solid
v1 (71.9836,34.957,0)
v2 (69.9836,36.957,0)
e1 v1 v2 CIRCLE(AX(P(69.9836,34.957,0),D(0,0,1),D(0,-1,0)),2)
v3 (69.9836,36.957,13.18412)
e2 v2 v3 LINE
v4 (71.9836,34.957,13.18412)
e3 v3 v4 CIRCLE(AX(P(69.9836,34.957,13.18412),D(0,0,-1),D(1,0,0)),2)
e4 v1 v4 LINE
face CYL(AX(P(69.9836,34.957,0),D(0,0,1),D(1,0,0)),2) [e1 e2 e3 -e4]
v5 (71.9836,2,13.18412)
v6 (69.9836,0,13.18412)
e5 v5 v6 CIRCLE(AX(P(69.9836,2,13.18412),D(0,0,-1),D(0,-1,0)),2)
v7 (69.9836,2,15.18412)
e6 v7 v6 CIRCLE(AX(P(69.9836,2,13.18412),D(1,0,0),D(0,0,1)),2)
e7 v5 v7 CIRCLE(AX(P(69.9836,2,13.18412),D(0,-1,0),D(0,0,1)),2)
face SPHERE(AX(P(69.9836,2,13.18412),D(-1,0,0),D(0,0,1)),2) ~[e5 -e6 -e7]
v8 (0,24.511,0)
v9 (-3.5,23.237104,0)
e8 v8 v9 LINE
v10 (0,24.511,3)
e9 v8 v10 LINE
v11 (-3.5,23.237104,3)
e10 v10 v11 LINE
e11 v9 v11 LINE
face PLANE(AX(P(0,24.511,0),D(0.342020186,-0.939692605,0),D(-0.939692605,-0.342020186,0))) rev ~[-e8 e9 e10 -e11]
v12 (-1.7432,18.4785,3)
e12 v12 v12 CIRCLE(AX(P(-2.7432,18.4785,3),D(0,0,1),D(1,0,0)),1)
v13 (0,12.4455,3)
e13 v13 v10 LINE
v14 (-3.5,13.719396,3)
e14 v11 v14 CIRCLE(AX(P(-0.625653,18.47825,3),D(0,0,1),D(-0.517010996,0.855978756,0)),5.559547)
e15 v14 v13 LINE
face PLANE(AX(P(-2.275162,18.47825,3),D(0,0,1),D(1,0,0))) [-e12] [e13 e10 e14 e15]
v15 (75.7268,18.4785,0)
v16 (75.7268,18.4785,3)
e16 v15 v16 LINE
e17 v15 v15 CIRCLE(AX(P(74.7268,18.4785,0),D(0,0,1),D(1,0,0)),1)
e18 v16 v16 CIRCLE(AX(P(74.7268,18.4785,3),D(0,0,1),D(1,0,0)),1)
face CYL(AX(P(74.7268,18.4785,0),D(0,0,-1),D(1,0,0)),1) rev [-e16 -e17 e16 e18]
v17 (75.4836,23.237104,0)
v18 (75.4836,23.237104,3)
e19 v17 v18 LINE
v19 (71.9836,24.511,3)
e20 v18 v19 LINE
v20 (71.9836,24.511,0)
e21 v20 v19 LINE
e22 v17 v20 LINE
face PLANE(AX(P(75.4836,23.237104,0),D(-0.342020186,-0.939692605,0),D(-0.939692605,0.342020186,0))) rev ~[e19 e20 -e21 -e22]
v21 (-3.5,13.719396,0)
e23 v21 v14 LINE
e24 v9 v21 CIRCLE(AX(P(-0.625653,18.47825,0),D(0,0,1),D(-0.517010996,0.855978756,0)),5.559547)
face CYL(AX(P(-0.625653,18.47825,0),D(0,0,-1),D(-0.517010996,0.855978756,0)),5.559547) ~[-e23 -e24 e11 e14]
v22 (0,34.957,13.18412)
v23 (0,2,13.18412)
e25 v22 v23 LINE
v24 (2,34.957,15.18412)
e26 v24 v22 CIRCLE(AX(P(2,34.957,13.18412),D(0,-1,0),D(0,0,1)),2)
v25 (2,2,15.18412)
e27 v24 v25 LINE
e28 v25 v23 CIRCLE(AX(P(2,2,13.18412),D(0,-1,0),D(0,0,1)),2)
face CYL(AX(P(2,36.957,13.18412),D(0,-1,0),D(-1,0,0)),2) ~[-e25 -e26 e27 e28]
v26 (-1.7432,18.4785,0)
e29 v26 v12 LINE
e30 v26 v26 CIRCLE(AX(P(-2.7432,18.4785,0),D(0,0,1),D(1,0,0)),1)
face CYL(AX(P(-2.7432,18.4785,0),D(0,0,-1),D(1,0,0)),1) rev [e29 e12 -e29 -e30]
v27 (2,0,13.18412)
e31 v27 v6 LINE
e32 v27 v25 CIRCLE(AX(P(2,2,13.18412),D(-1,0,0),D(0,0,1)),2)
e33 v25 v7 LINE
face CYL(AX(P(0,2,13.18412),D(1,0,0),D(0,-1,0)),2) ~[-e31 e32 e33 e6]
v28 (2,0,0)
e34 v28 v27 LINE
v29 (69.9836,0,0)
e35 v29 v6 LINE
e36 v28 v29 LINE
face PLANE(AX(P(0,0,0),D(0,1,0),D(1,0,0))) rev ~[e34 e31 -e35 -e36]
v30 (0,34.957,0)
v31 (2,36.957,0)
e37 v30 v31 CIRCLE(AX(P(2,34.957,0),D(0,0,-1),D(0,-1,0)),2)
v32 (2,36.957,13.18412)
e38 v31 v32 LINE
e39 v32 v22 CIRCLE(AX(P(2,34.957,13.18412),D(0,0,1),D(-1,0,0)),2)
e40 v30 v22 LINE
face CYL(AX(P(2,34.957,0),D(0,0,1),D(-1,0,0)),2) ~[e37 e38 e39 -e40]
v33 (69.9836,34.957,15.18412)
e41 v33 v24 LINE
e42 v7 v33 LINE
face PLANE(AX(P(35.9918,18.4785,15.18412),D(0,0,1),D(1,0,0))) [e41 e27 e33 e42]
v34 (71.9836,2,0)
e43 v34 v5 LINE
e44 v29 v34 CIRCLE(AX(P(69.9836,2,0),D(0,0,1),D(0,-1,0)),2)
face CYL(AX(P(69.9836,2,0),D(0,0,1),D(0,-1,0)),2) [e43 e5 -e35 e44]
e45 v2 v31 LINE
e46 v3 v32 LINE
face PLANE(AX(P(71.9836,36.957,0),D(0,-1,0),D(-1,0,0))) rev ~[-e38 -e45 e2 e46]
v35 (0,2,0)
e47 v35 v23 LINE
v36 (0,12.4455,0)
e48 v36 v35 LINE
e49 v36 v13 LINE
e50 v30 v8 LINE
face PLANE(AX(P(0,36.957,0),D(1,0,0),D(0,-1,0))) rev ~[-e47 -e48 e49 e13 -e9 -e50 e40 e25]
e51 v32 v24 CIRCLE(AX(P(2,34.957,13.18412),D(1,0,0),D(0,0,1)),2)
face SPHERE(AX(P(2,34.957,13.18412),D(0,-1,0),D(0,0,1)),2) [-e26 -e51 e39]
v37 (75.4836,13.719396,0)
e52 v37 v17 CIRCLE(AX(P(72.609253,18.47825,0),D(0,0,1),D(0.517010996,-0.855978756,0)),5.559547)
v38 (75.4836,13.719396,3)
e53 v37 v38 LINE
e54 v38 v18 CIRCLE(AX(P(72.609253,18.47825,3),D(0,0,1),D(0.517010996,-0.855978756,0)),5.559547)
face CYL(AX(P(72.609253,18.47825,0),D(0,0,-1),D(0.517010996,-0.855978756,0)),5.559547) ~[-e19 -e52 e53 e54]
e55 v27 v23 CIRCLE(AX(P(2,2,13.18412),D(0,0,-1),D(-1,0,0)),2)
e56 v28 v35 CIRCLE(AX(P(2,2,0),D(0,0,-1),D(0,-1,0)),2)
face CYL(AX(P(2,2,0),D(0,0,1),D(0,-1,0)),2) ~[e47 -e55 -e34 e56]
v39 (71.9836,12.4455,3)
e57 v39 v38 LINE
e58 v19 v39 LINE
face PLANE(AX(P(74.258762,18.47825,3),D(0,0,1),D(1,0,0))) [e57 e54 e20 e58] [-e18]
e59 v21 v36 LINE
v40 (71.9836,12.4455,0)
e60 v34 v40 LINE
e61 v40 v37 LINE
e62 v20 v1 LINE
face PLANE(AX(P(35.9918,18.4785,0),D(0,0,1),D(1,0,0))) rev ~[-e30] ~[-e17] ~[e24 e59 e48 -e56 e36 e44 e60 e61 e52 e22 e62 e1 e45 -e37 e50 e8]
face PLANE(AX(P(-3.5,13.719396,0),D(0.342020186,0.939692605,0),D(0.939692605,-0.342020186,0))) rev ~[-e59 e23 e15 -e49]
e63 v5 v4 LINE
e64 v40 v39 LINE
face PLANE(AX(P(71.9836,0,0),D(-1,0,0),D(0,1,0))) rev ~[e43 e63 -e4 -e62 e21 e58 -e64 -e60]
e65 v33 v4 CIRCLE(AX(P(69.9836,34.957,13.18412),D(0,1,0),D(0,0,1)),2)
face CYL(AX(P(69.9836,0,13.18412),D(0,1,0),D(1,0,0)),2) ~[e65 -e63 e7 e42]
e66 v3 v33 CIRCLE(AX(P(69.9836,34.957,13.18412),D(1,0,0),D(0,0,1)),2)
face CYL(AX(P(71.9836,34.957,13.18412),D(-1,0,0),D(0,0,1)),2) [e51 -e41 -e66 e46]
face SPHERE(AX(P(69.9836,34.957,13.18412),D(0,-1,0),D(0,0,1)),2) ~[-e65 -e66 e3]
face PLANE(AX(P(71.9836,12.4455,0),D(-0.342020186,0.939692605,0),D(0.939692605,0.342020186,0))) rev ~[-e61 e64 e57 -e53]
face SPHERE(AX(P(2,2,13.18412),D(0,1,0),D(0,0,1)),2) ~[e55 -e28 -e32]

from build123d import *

# Parameters (mm, degrees)
F1_DEPTH = 15.18412
F0_R     = 1
F2_DEPTH = 3
F3_R     = 2


with BuildPart() as f1:
    # F0 (on Top) → F1 (new body)
    with BuildSketch(Plane.XY):
        Polygon((0, 12.4455), (0, 0), (71.9836, 0), (71.9836, 12.4455), (71.9836, 24.511), (71.9836, 36.957), (0, 36.957), (0, 24.511), align=None)
    extrude(amount=F1_DEPTH)

    # F0 (on Top) → F2 (join)
    with BuildSketch(Plane.XY):
        with BuildLine():
            Line((71.9836, 24.511), (71.9836, 12.4455))
            Line((71.9836, 12.4455), (75.4836, 13.719396))
            ThreePointArc((75.4836, 13.719396), (78.1688, 18.47825), (75.4836, 23.237104))
            Line((75.4836, 23.237104), (71.9836, 24.511))
        make_face()
        with Locations((74.7268, 18.4785)):
            Circle(F0_R, mode=Mode.SUBTRACT)
        with BuildLine():
            Line((-3.5, 13.719396), (0, 12.4455))
            Line((0, 12.4455), (0, 24.511))
            Line((0, 24.511), (-3.5, 23.237104))
            ThreePointArc((-3.5, 23.237104), (-6.1852, 18.47825), (-3.5, 13.719396))
        make_face()
        with Locations((-2.7432, 18.4785)):
            Circle(F0_R, mode=Mode.SUBTRACT)
    extrude(amount=F2_DEPTH)

    # F3
    f3_edges = [f1.edges().sort_by_distance(p)[0] for p in [
        (0, 18.4785, 15.18412),
        (35.9918, 0, 15.18412),
        (71.9836, 18.4785, 15.18412),
        (35.9918, 36.957, 15.18412),
        (0, 36.957, 7.59206),
        (71.9836, 36.957, 7.59206),
        (71.9836, 0, 7.59206),
        (0, 0, 7.59206),
    ]]
    fillet(f3_edges, radius=F3_R)


solid = f1.part
